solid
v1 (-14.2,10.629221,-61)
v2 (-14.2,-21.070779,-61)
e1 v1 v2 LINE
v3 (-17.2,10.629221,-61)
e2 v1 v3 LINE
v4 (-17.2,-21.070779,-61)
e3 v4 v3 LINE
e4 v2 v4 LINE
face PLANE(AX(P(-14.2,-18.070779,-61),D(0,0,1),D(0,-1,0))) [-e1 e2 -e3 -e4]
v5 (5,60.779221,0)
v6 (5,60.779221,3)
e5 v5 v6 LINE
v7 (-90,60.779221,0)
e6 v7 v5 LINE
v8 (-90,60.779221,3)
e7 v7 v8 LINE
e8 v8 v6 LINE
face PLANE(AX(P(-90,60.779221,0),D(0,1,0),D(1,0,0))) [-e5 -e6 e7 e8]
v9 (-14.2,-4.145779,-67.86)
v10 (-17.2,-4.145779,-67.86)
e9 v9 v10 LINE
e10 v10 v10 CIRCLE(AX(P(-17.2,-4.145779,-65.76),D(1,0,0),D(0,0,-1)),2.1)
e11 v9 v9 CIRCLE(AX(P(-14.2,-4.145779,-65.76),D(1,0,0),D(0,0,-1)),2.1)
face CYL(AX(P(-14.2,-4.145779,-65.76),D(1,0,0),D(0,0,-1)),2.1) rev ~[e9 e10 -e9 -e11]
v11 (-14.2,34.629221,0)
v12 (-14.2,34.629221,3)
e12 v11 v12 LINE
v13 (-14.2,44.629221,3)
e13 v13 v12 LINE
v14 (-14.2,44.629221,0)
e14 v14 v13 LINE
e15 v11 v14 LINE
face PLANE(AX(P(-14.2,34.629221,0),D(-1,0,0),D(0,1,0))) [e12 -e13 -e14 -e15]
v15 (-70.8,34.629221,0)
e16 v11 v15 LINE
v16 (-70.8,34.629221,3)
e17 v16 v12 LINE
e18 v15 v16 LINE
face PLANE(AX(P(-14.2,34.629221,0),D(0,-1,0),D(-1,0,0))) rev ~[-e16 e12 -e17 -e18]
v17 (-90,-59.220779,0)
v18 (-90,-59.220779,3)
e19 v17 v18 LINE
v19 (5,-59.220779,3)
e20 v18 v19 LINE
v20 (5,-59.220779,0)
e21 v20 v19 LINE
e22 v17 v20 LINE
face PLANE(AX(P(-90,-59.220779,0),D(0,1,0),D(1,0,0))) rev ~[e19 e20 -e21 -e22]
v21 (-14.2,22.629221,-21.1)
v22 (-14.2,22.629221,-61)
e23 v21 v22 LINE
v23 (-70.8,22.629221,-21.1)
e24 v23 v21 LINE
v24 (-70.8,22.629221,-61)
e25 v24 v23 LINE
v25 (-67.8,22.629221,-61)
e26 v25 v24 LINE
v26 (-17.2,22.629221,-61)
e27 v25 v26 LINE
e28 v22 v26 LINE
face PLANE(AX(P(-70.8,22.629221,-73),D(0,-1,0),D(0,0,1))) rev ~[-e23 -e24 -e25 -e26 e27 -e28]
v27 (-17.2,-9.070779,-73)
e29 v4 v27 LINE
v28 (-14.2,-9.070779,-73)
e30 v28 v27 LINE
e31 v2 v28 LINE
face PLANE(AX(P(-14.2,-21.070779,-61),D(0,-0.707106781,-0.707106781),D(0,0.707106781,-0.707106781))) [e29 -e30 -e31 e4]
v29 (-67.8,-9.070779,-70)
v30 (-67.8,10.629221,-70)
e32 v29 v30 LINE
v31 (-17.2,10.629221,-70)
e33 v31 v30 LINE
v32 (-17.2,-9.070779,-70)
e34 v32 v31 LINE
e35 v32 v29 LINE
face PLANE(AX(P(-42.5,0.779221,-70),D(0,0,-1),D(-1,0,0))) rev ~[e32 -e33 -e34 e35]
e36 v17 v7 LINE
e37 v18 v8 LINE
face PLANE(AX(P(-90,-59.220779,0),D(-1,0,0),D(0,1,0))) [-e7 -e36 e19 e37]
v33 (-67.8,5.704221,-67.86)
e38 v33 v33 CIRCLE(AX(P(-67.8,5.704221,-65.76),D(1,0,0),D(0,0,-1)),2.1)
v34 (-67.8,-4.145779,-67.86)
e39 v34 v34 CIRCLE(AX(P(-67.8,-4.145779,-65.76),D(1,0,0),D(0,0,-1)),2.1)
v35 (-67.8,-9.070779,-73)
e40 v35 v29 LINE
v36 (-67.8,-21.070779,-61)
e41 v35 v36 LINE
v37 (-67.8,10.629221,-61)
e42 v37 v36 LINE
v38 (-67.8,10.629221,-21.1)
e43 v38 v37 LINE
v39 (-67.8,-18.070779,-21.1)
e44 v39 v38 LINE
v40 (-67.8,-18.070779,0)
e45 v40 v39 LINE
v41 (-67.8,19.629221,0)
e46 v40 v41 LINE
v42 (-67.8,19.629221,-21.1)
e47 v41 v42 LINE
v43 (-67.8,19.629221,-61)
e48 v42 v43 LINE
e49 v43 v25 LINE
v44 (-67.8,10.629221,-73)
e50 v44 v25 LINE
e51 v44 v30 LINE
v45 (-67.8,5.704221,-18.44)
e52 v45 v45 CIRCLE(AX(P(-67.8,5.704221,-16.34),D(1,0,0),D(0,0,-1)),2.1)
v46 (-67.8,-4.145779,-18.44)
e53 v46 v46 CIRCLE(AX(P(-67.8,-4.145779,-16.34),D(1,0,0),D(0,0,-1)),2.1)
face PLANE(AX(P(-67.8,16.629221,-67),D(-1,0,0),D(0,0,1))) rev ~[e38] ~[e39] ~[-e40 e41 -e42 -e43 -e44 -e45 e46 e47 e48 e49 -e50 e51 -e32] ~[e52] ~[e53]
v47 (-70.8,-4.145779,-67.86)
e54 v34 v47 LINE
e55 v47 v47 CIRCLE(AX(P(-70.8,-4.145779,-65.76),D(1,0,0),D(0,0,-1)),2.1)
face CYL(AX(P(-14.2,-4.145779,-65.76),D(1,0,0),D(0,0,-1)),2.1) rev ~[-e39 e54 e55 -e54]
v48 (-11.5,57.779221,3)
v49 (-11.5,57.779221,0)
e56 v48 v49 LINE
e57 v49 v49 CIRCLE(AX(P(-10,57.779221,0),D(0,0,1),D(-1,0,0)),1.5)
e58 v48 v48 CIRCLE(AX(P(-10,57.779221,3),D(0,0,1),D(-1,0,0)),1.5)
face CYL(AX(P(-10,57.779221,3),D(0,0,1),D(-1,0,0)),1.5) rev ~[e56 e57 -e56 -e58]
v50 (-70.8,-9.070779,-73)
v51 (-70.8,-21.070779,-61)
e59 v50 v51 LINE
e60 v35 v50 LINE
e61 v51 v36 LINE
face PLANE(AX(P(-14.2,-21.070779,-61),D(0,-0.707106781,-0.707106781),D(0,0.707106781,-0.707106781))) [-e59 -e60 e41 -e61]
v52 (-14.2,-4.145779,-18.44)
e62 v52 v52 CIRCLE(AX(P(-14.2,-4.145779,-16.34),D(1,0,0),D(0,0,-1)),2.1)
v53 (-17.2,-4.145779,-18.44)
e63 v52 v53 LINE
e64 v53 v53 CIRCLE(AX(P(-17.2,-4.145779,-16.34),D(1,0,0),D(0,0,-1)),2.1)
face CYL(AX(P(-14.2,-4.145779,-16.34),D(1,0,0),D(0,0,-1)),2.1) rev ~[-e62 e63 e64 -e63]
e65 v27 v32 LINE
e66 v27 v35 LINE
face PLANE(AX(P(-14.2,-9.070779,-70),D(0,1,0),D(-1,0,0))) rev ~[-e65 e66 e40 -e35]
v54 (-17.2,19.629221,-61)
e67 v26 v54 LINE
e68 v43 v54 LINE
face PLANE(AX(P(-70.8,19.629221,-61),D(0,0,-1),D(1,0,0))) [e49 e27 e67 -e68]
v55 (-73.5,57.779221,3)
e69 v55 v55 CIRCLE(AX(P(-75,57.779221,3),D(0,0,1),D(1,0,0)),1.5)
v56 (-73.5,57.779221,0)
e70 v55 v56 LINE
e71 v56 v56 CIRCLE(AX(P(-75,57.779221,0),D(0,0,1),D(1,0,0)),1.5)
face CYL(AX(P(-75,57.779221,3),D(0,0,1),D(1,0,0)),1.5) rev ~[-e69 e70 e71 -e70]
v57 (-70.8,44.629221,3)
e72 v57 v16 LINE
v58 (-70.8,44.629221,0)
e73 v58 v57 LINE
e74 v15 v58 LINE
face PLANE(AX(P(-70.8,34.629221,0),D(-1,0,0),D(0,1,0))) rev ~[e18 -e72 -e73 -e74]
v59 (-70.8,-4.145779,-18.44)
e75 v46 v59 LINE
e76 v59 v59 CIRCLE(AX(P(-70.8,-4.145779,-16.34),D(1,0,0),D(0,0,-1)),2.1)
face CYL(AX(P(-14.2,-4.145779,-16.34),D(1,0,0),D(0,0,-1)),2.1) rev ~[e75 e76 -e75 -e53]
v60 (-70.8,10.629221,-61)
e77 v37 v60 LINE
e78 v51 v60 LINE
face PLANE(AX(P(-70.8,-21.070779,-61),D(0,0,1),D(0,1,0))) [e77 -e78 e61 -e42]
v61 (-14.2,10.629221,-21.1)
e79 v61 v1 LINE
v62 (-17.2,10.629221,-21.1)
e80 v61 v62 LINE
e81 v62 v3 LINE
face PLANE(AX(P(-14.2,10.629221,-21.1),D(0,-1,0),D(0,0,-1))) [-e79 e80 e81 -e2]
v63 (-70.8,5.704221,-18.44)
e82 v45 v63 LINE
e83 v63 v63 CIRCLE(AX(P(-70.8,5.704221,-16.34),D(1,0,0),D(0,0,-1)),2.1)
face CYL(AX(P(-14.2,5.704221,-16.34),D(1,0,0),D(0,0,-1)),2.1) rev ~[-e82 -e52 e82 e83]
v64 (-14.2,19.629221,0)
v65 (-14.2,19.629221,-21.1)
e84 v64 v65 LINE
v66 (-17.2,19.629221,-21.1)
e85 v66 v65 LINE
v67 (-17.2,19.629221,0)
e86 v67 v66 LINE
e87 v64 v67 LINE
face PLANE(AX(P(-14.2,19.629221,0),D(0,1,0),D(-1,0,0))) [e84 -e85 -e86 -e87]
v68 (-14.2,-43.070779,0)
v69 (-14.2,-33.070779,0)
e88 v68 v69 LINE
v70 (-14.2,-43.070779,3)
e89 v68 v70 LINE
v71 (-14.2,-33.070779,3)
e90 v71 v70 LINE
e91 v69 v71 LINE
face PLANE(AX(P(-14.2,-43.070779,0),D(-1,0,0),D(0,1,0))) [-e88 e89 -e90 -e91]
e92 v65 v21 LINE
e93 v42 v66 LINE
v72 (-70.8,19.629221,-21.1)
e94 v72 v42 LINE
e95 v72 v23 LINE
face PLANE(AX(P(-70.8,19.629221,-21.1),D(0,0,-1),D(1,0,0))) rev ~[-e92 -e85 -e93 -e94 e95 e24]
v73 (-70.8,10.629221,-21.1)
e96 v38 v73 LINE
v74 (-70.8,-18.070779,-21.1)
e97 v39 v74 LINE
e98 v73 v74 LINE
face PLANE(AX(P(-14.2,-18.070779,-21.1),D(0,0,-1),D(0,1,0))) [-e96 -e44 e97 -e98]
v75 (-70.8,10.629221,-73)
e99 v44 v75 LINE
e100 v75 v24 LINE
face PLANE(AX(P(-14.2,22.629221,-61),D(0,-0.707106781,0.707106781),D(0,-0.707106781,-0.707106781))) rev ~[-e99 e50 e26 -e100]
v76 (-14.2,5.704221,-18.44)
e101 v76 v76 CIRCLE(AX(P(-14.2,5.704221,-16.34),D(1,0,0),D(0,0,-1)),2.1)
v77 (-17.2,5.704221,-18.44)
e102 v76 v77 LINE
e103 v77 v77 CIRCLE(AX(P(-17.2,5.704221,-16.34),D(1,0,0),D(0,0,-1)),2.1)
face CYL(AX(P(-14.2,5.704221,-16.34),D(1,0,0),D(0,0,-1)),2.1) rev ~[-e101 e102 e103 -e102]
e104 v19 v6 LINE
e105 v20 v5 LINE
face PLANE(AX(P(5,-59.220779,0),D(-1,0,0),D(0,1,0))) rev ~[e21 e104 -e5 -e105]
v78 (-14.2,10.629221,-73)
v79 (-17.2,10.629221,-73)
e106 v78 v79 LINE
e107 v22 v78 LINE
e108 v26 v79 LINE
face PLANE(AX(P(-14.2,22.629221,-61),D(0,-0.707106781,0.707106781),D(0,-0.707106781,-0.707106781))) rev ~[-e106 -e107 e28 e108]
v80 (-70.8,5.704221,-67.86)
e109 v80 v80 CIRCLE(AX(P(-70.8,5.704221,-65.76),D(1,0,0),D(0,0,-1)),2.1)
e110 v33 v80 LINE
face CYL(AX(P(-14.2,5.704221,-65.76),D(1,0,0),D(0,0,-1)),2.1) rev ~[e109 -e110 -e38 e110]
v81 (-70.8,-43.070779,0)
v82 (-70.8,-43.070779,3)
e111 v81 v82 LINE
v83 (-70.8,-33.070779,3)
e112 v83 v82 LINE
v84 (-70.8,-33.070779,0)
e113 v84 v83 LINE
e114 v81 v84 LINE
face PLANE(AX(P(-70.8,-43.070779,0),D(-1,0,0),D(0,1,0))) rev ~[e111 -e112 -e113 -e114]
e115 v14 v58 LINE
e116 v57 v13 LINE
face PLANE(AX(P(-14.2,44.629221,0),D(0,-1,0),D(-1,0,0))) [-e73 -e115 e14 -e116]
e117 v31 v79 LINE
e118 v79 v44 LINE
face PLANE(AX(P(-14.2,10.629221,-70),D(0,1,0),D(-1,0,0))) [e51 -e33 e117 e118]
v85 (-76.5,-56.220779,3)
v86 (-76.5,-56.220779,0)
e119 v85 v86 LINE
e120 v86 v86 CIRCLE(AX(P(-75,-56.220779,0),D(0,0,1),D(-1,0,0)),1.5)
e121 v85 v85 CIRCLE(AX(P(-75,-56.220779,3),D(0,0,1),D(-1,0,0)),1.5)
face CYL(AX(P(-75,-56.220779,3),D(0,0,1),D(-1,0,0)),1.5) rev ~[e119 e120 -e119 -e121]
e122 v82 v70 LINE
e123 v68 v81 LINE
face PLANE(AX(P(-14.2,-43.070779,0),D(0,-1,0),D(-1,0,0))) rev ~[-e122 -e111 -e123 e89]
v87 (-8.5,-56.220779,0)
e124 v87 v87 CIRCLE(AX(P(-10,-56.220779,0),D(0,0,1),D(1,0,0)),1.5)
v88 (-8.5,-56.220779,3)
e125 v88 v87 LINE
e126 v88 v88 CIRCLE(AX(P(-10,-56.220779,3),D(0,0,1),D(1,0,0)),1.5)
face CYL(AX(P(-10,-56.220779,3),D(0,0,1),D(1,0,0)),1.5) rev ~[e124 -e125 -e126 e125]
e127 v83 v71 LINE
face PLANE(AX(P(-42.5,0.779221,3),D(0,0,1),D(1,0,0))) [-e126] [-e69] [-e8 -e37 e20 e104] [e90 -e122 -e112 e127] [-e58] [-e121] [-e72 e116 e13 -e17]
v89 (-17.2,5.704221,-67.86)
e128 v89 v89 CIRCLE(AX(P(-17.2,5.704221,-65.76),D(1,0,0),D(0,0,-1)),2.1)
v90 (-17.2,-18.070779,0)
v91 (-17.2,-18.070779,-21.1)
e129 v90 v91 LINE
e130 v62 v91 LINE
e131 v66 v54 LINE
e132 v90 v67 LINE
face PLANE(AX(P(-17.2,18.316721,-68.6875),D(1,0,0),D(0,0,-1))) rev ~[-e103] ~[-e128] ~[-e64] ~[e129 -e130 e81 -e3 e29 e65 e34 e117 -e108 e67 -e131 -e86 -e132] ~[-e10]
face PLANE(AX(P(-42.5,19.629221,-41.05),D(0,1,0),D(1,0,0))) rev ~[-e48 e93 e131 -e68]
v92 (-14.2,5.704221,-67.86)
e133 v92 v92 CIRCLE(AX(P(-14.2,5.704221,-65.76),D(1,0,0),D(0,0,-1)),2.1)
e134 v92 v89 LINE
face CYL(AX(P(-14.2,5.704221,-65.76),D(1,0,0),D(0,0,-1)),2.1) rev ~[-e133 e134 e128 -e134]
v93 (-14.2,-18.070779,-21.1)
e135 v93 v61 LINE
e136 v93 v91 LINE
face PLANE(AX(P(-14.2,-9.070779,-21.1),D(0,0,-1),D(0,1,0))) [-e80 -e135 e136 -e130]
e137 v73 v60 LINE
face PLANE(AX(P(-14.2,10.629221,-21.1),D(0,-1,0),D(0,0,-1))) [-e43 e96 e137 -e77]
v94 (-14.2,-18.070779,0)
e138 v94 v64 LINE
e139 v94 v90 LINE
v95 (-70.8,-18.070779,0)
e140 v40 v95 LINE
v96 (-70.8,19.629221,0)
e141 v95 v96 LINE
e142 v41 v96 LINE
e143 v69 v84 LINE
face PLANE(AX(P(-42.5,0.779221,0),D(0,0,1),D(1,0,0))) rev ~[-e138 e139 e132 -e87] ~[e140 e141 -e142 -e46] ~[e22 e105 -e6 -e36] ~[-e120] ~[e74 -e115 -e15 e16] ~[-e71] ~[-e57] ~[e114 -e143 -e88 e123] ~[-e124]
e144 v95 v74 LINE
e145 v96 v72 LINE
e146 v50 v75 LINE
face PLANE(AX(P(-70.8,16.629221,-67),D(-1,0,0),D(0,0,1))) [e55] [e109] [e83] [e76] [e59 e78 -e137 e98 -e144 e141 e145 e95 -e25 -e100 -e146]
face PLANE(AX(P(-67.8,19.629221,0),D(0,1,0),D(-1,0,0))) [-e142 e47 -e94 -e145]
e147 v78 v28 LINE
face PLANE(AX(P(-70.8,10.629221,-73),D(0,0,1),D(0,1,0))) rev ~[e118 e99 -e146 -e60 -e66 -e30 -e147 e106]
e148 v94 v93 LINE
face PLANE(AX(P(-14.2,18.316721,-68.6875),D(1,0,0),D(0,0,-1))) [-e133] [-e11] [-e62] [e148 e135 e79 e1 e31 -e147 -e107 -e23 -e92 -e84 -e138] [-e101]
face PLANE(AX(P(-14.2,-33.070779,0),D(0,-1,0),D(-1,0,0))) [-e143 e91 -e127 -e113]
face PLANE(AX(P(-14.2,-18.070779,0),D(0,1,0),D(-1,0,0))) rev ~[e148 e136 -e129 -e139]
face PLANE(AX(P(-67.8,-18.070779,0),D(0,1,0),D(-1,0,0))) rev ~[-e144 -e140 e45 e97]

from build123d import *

# Parameters (mm, degrees)
SKETCH_1_W          = 95
SKETCH_1_H          = 120
EXTRUDE_1_DEPTH     = 3
SKETCH_2_W          = 3
SKETCH_2_H          = 37.7
EXTRUDE_2_DEPTH     = 70
SKETCH_3_W          = 39.9
SKETCH_3_H          = 19.7
SKETCH_3_R          = 2.1
CUT_EXTRUDE_1_DEPTH = 61
SKETCH_4_R          = 1.5
CUT_EXTRUDE_2_DEPTH = 10
SKETCH_5_W          = 56.6
SKETCH_5_H          = 19.7
EXTRUDE_3_DEPTH     = 3
SKETCH_6_W          = 56.6
SKETCH_6_H          = 39.9
EXTRUDE_4_DEPTH     = 3
EXTRUDE_5_DEPTH     = 3
SKETCH_9_W          = 12
SKETCH_9_H          = 12
EXTRUDE_6_DEPTH     = 3
SKETCH_10_W         = 39.9
SKETCH_10_H         = 9
CUT_EXTRUDE_4_DEPTH = 74
SKETCH_13_W         = 56.6
SKETCH_13_H         = 10
CUT_EXTRUDE_5_DEPTH = 14


with BuildPart() as part:
    # 草图1 → 凸台-拉伸1 (new body)
    with BuildSketch(Plane.XY):
        with Locations((-42.5, 0.779220779)):
            Rectangle(SKETCH_1_W, SKETCH_1_H)
    extrude(amount=EXTRUDE_1_DEPTH)

    # 草图2 → 凸台-拉伸2 (add)
    with BuildSketch(Plane(origin=(0, 0, 0), x_dir=(-1, 0, 0), z_dir=(0, 0, -1))):
        with Locations((15.7, 0.779220779)):
            Rectangle(SKETCH_2_W, SKETCH_2_H)
        with Locations((69.3, 0.779220779)):
            Rectangle(SKETCH_2_W, SKETCH_2_H)
    extrude(amount=EXTRUDE_2_DEPTH)

    # 草图3 → 切除-拉伸1 (cut)
    with BuildSketch(Plane(origin=(-14.2, 0, 0), x_dir=(0, 0, -1), z_dir=(1, 0, 0))):
        with Locations((41.05, 0.779220779)):
            Rectangle(SKETCH_3_W, SKETCH_3_H)
        with Locations((16.34, -4.145779221)):
            Circle(SKETCH_3_R)
        with Locations((65.76, 5.704220779)):
            Circle(SKETCH_3_R)
        with Locations((65.76, -4.145779221)):
            Circle(SKETCH_3_R)
        with Locations((16.34, 5.704220779)):
            Circle(SKETCH_3_R)
    extrude(amount=-CUT_EXTRUDE_1_DEPTH, mode=Mode.SUBTRACT)

    # 草图4 → 切除-拉伸2 (cut)
    with BuildSketch(Plane.XY.offset(3)):
        with Locations((-75, 57.779220779)):
            Circle(SKETCH_4_R)
        with Locations(Location((-10, 57.779220779, 0), (0, 0, 180))):
            Circle(SKETCH_4_R)
        with Locations((-10, -56.220779221)):
            Circle(SKETCH_4_R)
        with Locations(Location((-75, -56.220779221, 0), (0, 0, 180))):
            Circle(SKETCH_4_R)
    extrude(amount=-CUT_EXTRUDE_2_DEPTH, mode=Mode.SUBTRACT)

    # 草图5 → 凸台-拉伸3 (add)
    with BuildSketch(Plane(origin=(0, 0, -70), x_dir=(-1, 0, 0), z_dir=(0, 0, -1))):
        with Locations((42.5, 0.779220779)):
            Rectangle(SKETCH_5_W, SKETCH_5_H)
    extrude(amount=EXTRUDE_3_DEPTH)

    # 草图6 → 凸台-拉伸4 (add)
    with BuildSketch(Plane(origin=(0, 19.629220779, 0), x_dir=(1, 0, 0), z_dir=(0, 1, 0))):
        with Locations((-42.5, 41.05)):
            Rectangle(SKETCH_6_W, SKETCH_6_H)
    extrude(amount=EXTRUDE_4_DEPTH)

    # 草图8 → 凸台-拉伸5 (add)
    with BuildSketch(Plane(origin=(-14.2, 0, 0), x_dir=(0, 0, -1), z_dir=(1, 0, 0))):
        Polygon((61, 22.629220779), (61, 19.629220779), (70, 19.629220779), (70, 10.629220779), (73, 10.629220779), (73, 22.629220779), align=None)
        Polygon((73, -9.070779221), (70, -9.070779221), (70, -18.070779221), (61, -18.070779221), (61, -21.070779221), (73, -21.070779221), align=None)
    extrude(amount=-EXTRUDE_5_DEPTH)

    # 草图9 → 凸台-拉伸6 (add)
    with BuildSketch(Plane.ZY.offset(70.8)):
        with Locations((-67, 16.629220779)):
            Rectangle(SKETCH_9_W, SKETCH_9_H)
        with Locations((-67, -15.070779221)):
            Rectangle(SKETCH_9_W, SKETCH_9_H)
    extrude(amount=-EXTRUDE_6_DEPTH)

    # 草图10 → 切除-拉伸4 (cut)
    with BuildSketch(Plane(origin=(-14.2, 0, 0), x_dir=(0, 0, -1), z_dir=(1, 0, 0))):
        Polygon((73, 10.629220779), (73, 22.629220779), (61, 22.629220779), align=None)
        Polygon((73, -9.070779221), (73, -21.070779221), (61, -21.070779221), align=None)
        with Locations((41.05, -13.570779221)):
            Rectangle(SKETCH_10_W, SKETCH_10_H)
    extrude(amount=-CUT_EXTRUDE_4_DEPTH, mode=Mode.SUBTRACT)

    # 草图13 → 切除-拉伸5 (cut)
    with BuildSketch(Plane(origin=(0, 0, 0), x_dir=(-1, 0, 0), z_dir=(0, 0, -1))):
        with Locations((42.5, 39.629220779)):
            Rectangle(SKETCH_13_W, SKETCH_13_H)
        with Locations((42.5, -38.070779221)):
            Rectangle(SKETCH_13_W, SKETCH_13_H)
    extrude(amount=-CUT_EXTRUDE_5_DEPTH, mode=Mode.SUBTRACT)


solid = part.part
